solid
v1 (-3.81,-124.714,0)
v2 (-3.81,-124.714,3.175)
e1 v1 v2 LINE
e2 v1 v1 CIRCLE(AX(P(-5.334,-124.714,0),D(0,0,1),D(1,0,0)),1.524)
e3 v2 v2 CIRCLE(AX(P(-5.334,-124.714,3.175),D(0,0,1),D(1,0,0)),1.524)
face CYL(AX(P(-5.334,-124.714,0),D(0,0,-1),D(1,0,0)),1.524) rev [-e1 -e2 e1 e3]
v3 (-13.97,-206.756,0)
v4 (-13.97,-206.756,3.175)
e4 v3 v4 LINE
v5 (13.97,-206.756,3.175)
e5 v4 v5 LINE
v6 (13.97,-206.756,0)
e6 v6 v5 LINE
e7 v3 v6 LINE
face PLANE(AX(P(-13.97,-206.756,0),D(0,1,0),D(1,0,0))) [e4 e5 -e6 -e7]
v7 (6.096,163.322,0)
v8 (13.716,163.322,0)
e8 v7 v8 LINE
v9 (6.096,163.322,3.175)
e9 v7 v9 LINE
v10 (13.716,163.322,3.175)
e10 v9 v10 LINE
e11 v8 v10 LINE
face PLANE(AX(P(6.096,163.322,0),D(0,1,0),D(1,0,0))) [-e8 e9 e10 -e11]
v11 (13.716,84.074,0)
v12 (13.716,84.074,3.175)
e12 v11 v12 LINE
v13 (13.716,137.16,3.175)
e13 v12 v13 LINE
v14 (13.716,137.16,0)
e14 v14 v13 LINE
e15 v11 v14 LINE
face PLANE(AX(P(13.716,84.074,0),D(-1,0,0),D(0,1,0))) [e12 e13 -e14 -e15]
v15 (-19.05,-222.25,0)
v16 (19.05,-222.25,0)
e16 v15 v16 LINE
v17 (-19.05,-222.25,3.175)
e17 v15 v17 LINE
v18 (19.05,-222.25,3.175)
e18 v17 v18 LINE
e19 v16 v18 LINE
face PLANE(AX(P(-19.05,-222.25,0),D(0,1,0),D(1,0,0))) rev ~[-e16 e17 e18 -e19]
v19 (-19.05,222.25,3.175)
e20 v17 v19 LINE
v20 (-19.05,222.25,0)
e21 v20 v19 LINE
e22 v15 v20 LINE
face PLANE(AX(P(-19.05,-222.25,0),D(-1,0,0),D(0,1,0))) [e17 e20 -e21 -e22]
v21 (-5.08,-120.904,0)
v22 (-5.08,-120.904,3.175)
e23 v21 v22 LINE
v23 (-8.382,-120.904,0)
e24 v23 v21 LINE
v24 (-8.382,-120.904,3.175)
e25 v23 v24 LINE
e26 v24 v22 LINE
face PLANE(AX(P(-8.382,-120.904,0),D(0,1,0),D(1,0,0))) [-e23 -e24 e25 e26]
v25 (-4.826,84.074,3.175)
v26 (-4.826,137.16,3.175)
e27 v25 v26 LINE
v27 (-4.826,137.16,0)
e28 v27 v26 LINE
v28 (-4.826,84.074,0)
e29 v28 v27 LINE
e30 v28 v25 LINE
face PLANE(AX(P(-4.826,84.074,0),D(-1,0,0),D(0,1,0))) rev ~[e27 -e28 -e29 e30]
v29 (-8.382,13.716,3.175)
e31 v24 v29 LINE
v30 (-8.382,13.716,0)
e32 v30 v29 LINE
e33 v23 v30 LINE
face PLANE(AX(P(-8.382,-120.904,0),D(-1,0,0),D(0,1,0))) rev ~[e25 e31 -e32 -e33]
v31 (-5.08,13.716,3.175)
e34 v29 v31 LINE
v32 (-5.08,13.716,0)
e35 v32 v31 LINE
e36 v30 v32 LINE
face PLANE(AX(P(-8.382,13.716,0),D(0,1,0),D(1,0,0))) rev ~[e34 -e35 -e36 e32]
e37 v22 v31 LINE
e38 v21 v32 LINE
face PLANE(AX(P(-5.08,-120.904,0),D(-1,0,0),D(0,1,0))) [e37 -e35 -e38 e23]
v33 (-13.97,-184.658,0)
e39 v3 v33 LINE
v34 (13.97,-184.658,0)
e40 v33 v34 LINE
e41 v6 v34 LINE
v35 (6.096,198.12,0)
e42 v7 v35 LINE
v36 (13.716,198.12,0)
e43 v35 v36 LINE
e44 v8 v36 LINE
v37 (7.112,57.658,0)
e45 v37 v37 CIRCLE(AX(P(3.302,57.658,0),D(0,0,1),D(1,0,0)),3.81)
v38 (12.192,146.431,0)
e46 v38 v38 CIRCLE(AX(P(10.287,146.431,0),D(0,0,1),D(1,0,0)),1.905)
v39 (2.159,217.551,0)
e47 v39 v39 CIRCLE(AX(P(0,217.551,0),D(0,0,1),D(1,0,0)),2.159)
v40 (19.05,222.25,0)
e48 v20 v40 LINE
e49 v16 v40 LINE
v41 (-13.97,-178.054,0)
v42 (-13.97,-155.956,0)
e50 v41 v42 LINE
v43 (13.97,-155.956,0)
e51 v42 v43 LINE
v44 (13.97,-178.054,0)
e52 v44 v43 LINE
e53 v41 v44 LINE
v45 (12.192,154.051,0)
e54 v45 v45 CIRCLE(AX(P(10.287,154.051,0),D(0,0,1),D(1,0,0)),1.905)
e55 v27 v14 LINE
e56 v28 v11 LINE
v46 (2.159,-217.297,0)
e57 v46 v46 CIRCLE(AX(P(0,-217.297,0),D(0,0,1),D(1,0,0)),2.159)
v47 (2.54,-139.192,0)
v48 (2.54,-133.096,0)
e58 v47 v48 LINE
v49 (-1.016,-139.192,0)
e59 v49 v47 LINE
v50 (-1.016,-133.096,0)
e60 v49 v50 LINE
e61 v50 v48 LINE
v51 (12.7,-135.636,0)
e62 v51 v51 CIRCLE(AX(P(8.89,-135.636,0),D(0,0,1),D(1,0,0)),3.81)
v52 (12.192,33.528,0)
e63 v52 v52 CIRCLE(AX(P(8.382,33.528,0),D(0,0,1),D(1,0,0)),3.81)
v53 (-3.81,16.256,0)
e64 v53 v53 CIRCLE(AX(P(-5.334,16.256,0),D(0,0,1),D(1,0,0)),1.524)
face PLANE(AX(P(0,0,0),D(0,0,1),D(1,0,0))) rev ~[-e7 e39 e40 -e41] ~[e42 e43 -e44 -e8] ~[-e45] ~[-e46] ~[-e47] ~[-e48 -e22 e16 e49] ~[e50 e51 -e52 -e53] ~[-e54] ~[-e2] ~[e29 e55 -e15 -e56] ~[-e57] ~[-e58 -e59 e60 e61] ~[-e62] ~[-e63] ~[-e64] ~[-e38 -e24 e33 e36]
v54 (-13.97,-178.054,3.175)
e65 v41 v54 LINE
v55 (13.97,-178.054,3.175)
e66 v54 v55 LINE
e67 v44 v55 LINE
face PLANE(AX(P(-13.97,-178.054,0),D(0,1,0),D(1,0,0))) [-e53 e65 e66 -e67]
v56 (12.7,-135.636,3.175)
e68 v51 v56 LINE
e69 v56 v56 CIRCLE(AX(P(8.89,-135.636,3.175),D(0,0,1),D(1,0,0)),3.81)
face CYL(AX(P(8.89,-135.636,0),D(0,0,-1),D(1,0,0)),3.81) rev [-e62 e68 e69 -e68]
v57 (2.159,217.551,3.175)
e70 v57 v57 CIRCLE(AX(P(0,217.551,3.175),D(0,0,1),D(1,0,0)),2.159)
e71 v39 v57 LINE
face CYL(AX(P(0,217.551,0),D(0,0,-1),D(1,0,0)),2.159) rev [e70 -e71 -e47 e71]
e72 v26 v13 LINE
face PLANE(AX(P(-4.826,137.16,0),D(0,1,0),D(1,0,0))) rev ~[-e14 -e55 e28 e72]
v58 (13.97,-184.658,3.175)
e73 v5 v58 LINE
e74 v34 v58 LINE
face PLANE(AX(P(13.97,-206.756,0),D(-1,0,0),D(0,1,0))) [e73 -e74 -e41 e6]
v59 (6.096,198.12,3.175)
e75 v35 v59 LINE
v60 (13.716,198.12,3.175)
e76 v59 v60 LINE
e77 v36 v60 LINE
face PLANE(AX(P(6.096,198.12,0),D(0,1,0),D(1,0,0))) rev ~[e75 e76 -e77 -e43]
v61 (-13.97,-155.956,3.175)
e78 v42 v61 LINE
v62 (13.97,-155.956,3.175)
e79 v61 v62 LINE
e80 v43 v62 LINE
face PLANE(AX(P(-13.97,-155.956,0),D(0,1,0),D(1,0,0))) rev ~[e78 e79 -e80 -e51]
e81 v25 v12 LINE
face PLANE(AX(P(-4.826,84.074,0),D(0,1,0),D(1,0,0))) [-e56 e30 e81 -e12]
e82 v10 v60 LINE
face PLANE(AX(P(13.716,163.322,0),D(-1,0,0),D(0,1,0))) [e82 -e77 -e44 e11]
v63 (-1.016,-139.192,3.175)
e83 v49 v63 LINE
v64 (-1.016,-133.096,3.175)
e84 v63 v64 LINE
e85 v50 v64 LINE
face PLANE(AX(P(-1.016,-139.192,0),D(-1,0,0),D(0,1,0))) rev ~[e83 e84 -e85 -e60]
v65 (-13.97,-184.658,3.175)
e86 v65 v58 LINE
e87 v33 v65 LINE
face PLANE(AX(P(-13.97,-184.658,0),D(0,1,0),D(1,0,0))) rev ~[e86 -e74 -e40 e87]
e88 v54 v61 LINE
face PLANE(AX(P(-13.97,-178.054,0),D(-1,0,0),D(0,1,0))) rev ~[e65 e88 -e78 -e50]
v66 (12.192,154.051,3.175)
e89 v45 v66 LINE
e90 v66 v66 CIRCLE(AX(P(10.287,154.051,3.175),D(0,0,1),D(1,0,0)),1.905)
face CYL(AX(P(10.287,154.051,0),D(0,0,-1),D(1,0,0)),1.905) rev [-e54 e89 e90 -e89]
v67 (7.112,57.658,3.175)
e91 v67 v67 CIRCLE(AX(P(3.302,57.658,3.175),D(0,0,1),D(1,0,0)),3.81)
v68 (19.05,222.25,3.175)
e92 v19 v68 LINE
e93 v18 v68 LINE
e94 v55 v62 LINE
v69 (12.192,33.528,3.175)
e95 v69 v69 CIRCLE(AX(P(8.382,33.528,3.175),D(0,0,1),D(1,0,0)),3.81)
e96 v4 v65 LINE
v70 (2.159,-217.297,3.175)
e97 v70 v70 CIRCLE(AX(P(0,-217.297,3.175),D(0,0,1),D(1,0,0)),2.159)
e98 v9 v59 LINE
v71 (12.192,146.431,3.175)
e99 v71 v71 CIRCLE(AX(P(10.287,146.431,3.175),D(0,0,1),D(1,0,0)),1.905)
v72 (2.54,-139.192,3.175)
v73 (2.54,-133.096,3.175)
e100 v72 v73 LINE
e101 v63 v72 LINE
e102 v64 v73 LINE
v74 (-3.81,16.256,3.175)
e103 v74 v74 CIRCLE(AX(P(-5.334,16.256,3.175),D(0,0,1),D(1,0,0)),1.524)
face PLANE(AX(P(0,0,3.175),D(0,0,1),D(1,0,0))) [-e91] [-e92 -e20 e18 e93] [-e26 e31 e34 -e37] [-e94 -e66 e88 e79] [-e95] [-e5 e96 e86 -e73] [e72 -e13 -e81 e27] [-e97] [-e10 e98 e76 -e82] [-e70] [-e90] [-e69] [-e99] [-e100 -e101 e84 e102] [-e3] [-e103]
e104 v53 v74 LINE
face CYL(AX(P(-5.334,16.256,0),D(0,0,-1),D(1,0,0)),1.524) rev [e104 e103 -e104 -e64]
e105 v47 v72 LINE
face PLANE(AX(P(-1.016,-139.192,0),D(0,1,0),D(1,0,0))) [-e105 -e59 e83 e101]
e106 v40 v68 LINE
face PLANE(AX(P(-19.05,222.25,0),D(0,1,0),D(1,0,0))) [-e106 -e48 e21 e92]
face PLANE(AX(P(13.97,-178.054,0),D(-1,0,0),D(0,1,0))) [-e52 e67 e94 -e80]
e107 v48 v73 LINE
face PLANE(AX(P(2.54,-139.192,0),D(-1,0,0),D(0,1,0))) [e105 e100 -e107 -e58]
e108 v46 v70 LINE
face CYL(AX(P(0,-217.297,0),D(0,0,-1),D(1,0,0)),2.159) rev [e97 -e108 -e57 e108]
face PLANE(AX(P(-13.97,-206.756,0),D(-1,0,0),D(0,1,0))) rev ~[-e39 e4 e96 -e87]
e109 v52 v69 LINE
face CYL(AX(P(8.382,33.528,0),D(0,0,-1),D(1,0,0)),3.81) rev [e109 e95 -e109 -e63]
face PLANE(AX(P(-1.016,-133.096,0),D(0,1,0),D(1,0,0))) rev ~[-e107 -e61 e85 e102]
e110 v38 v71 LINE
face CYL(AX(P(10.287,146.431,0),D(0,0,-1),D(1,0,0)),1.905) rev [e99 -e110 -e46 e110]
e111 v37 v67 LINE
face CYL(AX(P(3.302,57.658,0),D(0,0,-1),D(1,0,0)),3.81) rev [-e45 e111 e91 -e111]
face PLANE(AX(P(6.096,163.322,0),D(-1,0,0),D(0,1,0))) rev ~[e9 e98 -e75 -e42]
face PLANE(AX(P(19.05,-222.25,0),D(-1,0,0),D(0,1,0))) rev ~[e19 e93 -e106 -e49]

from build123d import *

# Parameters (mm, degrees)
F0_W     = 38.1
F0_H     = 444.5
F0_R     = 1.524
F0_W_2   = 3.302
F0_H_2   = 134.62
F0_R_2   = 2.159
F0_W_3   = 27.94
F0_H_3   = 22.098
F0_W_4   = 3.556
F0_H_4   = 6.096
F0_R_3   = 3.81
F0_W_5   = 18.542
F0_H_5   = 53.086
F0_R_4   = 1.905
F0_W_6   = 7.62
F0_H_6   = 34.798
F1_DEPTH = 3.175


with BuildPart() as f1:
    # F0 (on Top) → F1 (new body)
    with BuildSketch(Plane.XY):
        Rectangle(F0_W, F0_H)
        with Locations((-5.334, -124.714)):
            Circle(F0_R, mode=Mode.SUBTRACT)
        with Locations((-6.731, -53.594)):
            Rectangle(F0_W_2, F0_H_2, mode=Mode.SUBTRACT)
        with Locations((0, -217.297)):
            Circle(F0_R_2, mode=Mode.SUBTRACT)
        with Locations((0, -195.707)):
            Rectangle(F0_W_3, F0_H_3, mode=Mode.SUBTRACT)
        with Locations((0, -167.005)):
            Rectangle(F0_W_3, F0_H_3, mode=Mode.SUBTRACT)
        with Locations((0.762, -136.144)):
            Rectangle(F0_W_4, F0_H_4, mode=Mode.SUBTRACT)
        with Locations((8.89, -135.636)):
            Circle(F0_R_3, mode=Mode.SUBTRACT)
        with Locations((-5.334, 16.256)):
            Circle(F0_R, mode=Mode.SUBTRACT)
        with Locations((8.382, 33.528)):
            Circle(F0_R_3, mode=Mode.SUBTRACT)
        with Locations((3.302, 57.658)):
            Circle(F0_R_3, mode=Mode.SUBTRACT)
        with Locations((4.445, 110.617)):
            Rectangle(F0_W_5, F0_H_5, mode=Mode.SUBTRACT)
        with Locations((0, 217.551)):
            Circle(F0_R_2, mode=Mode.SUBTRACT)
        with Locations((10.287, 146.431)):
            Circle(F0_R_4, mode=Mode.SUBTRACT)
        with Locations((10.287, 154.051)):
            Circle(F0_R_4, mode=Mode.SUBTRACT)
        with Locations((9.906, 180.721)):
            Rectangle(F0_W_6, F0_H_6, mode=Mode.SUBTRACT)
    extrude(amount=F1_DEPTH)


solid = f1.part
